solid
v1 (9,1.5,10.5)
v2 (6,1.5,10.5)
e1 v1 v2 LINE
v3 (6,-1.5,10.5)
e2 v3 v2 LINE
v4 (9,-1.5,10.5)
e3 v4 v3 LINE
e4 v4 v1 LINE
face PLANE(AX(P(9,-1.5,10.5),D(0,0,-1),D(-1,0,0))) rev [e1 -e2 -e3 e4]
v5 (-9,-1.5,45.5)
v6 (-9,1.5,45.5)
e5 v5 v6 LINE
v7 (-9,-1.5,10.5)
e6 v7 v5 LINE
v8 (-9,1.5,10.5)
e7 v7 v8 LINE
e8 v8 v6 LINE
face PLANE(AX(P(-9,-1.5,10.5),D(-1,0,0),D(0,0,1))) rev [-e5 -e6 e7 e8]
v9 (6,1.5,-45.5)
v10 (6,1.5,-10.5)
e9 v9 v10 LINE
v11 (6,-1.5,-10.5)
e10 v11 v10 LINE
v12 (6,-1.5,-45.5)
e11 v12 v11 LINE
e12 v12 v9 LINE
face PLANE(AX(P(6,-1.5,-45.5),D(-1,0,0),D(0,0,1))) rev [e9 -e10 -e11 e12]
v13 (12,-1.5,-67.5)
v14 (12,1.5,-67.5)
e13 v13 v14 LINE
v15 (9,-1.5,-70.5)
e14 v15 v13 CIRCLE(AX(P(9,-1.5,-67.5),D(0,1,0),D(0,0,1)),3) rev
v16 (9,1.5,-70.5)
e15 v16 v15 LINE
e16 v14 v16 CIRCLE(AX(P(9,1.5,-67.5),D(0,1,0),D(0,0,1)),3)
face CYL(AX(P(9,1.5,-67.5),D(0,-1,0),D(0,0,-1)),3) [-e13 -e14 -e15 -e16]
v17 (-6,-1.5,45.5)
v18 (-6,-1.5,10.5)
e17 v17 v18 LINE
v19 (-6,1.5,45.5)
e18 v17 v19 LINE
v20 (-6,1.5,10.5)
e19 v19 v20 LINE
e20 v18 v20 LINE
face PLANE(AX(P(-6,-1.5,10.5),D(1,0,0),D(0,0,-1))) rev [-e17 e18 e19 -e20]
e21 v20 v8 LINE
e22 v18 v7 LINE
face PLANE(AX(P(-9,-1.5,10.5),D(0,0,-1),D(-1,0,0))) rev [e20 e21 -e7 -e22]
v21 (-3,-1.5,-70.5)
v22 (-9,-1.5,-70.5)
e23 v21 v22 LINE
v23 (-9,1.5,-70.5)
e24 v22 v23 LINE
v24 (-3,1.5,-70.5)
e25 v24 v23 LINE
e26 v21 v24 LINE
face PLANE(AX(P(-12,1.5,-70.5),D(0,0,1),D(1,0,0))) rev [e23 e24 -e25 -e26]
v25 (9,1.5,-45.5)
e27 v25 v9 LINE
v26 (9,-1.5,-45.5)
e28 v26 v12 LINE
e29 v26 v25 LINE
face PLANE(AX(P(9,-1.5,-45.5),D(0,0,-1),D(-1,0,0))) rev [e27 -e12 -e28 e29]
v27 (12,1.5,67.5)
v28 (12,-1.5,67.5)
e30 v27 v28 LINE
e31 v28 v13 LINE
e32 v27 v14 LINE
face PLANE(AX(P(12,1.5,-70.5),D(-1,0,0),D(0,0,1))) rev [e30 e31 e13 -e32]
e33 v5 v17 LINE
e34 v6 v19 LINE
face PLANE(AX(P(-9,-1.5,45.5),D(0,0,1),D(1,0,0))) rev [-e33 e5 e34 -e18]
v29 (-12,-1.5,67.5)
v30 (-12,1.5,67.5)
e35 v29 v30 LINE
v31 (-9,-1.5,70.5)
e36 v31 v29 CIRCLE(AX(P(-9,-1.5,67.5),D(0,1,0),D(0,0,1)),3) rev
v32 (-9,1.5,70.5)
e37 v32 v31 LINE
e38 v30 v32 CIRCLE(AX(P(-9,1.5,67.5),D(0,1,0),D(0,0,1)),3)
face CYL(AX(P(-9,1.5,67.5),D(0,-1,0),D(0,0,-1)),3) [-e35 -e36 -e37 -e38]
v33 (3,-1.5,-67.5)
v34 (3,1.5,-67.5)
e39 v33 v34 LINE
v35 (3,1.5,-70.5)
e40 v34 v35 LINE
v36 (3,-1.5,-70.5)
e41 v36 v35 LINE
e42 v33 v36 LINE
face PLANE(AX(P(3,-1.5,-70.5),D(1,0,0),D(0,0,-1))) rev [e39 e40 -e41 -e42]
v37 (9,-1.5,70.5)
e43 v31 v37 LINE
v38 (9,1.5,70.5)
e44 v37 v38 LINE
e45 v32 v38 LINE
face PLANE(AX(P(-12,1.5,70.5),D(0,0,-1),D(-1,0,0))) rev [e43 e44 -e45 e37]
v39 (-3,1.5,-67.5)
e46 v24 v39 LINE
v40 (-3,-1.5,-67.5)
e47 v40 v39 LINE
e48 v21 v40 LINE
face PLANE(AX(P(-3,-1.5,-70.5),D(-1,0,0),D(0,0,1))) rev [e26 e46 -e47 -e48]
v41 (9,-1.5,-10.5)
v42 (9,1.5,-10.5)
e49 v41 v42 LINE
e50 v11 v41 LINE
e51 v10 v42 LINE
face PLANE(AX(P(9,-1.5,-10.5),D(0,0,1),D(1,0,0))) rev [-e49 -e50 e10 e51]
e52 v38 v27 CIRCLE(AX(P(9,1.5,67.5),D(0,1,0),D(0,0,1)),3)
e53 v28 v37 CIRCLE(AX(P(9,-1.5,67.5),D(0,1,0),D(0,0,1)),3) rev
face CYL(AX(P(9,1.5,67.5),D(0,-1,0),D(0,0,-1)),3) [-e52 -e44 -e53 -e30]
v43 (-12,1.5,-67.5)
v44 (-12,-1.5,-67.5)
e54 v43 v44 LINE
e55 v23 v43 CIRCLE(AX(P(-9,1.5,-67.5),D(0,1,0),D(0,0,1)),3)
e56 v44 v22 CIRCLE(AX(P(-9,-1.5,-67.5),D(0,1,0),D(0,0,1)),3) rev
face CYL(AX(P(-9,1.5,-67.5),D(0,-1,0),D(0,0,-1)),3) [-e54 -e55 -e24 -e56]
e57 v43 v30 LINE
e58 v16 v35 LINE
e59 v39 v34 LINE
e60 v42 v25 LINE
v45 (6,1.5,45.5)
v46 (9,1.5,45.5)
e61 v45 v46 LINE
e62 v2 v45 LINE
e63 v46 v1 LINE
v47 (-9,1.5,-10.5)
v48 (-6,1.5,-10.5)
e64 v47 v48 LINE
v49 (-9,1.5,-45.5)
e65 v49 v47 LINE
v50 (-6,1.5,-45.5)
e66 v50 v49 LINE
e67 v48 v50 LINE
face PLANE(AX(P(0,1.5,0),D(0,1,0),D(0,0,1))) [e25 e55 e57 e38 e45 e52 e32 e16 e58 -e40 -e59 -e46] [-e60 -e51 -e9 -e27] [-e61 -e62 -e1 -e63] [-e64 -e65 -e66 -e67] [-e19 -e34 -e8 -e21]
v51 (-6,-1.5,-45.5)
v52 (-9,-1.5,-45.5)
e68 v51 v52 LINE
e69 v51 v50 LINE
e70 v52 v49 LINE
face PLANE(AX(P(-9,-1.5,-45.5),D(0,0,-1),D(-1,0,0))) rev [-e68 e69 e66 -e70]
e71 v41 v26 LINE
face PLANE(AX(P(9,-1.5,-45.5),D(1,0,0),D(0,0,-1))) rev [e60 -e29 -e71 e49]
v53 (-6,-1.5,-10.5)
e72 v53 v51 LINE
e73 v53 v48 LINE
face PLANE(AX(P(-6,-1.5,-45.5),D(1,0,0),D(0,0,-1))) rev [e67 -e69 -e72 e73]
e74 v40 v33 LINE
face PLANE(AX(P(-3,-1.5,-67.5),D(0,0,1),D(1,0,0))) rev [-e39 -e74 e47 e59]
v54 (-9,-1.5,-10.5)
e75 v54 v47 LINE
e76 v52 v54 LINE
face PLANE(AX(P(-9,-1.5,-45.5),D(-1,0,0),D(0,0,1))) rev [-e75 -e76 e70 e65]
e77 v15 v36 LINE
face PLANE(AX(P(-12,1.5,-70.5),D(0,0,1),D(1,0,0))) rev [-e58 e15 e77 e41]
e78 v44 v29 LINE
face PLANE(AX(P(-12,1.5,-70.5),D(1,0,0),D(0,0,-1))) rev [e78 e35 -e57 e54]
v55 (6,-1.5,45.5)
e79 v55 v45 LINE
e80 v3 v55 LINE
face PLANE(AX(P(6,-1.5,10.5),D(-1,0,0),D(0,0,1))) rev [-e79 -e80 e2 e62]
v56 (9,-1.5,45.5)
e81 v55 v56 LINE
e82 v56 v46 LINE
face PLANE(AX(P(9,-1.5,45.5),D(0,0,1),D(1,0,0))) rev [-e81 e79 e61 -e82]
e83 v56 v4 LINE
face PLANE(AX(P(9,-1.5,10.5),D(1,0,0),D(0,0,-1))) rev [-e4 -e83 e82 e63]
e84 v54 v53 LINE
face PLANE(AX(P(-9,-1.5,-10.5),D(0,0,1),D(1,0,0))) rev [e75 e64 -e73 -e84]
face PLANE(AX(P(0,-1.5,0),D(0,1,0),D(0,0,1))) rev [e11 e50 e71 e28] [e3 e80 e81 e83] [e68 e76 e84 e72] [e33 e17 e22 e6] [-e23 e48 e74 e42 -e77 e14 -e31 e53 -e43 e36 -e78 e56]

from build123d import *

# Parameters (mm, degrees)
SKETCH1_W               = 24
SKETCH1_H               = 141
BOSS_EXTRUDE1_DEPTH     = 1.5
SKETCH2_W               = 3
SKETCH2_H               = 35
CUT_EXTRUDE1_DEPTH      = 2.5
CUT_EXTRUDE1_DEPTH_BACK = 2.5
FILLET1_R               = 3
SKETCH3_W               = 6
SKETCH3_H               = 3
CUT_EXTRUDE2_DEPTH      = 2.5
CUT_EXTRUDE2_DEPTH_BACK = 2.5


with BuildPart() as part:
    # Sketch1 → Boss-Extrude1 (new body, symmetric)
    with BuildSketch(Plane(origin=(0, 0, 0), x_dir=(1, 0, 0), z_dir=(0, 1, 0))):
        Rectangle(SKETCH1_W, SKETCH1_H)
    extrude(amount=BOSS_EXTRUDE1_DEPTH, both=True)

    # Sketch2 → Cut-Extrude1 (cut, two sides)
    with BuildSketch(Plane(origin=(0, 0, 0), x_dir=(1, 0, 0), z_dir=(0, 1, 0))) as cut_extrude1_sk:
        with Locations((-7.5, 28)):
            Rectangle(SKETCH2_W, SKETCH2_H)
        with Locations((7.5, 28)):
            Rectangle(SKETCH2_W, SKETCH2_H)
        with Locations((7.5, -28)):
            Rectangle(SKETCH2_W, SKETCH2_H)
        with Locations((-7.5, -28)):
            Rectangle(SKETCH2_W, SKETCH2_H)
    extrude(amount=CUT_EXTRUDE1_DEPTH, mode=Mode.SUBTRACT)
    extrude(cut_extrude1_sk.sketch, amount=-CUT_EXTRUDE1_DEPTH_BACK, mode=Mode.SUBTRACT)

    # Fillet1
    fillet1_edges = [part.edges().sort_by_distance(p)[0] for p in [
        (-12, 0, -70.5),
        (12, 0, -70.5),
        (12, 0, 70.5),
        (-12, 0, 70.5),
    ]]
    fillet(fillet1_edges, radius=FILLET1_R)

    # Sketch3 → Cut-Extrude2 (cut, two sides)
    with BuildSketch(Plane(origin=(0, 0, 0), x_dir=(1, 0, 0), z_dir=(0, 1, 0))) as cut_extrude2_sk:
        with Locations((0, 69)):
            Rectangle(SKETCH3_W, SKETCH3_H)
    extrude(amount=CUT_EXTRUDE2_DEPTH, mode=Mode.SUBTRACT)
    extrude(cut_extrude2_sk.sketch, amount=-CUT_EXTRUDE2_DEPTH_BACK, mode=Mode.SUBTRACT)


solid = part.part
